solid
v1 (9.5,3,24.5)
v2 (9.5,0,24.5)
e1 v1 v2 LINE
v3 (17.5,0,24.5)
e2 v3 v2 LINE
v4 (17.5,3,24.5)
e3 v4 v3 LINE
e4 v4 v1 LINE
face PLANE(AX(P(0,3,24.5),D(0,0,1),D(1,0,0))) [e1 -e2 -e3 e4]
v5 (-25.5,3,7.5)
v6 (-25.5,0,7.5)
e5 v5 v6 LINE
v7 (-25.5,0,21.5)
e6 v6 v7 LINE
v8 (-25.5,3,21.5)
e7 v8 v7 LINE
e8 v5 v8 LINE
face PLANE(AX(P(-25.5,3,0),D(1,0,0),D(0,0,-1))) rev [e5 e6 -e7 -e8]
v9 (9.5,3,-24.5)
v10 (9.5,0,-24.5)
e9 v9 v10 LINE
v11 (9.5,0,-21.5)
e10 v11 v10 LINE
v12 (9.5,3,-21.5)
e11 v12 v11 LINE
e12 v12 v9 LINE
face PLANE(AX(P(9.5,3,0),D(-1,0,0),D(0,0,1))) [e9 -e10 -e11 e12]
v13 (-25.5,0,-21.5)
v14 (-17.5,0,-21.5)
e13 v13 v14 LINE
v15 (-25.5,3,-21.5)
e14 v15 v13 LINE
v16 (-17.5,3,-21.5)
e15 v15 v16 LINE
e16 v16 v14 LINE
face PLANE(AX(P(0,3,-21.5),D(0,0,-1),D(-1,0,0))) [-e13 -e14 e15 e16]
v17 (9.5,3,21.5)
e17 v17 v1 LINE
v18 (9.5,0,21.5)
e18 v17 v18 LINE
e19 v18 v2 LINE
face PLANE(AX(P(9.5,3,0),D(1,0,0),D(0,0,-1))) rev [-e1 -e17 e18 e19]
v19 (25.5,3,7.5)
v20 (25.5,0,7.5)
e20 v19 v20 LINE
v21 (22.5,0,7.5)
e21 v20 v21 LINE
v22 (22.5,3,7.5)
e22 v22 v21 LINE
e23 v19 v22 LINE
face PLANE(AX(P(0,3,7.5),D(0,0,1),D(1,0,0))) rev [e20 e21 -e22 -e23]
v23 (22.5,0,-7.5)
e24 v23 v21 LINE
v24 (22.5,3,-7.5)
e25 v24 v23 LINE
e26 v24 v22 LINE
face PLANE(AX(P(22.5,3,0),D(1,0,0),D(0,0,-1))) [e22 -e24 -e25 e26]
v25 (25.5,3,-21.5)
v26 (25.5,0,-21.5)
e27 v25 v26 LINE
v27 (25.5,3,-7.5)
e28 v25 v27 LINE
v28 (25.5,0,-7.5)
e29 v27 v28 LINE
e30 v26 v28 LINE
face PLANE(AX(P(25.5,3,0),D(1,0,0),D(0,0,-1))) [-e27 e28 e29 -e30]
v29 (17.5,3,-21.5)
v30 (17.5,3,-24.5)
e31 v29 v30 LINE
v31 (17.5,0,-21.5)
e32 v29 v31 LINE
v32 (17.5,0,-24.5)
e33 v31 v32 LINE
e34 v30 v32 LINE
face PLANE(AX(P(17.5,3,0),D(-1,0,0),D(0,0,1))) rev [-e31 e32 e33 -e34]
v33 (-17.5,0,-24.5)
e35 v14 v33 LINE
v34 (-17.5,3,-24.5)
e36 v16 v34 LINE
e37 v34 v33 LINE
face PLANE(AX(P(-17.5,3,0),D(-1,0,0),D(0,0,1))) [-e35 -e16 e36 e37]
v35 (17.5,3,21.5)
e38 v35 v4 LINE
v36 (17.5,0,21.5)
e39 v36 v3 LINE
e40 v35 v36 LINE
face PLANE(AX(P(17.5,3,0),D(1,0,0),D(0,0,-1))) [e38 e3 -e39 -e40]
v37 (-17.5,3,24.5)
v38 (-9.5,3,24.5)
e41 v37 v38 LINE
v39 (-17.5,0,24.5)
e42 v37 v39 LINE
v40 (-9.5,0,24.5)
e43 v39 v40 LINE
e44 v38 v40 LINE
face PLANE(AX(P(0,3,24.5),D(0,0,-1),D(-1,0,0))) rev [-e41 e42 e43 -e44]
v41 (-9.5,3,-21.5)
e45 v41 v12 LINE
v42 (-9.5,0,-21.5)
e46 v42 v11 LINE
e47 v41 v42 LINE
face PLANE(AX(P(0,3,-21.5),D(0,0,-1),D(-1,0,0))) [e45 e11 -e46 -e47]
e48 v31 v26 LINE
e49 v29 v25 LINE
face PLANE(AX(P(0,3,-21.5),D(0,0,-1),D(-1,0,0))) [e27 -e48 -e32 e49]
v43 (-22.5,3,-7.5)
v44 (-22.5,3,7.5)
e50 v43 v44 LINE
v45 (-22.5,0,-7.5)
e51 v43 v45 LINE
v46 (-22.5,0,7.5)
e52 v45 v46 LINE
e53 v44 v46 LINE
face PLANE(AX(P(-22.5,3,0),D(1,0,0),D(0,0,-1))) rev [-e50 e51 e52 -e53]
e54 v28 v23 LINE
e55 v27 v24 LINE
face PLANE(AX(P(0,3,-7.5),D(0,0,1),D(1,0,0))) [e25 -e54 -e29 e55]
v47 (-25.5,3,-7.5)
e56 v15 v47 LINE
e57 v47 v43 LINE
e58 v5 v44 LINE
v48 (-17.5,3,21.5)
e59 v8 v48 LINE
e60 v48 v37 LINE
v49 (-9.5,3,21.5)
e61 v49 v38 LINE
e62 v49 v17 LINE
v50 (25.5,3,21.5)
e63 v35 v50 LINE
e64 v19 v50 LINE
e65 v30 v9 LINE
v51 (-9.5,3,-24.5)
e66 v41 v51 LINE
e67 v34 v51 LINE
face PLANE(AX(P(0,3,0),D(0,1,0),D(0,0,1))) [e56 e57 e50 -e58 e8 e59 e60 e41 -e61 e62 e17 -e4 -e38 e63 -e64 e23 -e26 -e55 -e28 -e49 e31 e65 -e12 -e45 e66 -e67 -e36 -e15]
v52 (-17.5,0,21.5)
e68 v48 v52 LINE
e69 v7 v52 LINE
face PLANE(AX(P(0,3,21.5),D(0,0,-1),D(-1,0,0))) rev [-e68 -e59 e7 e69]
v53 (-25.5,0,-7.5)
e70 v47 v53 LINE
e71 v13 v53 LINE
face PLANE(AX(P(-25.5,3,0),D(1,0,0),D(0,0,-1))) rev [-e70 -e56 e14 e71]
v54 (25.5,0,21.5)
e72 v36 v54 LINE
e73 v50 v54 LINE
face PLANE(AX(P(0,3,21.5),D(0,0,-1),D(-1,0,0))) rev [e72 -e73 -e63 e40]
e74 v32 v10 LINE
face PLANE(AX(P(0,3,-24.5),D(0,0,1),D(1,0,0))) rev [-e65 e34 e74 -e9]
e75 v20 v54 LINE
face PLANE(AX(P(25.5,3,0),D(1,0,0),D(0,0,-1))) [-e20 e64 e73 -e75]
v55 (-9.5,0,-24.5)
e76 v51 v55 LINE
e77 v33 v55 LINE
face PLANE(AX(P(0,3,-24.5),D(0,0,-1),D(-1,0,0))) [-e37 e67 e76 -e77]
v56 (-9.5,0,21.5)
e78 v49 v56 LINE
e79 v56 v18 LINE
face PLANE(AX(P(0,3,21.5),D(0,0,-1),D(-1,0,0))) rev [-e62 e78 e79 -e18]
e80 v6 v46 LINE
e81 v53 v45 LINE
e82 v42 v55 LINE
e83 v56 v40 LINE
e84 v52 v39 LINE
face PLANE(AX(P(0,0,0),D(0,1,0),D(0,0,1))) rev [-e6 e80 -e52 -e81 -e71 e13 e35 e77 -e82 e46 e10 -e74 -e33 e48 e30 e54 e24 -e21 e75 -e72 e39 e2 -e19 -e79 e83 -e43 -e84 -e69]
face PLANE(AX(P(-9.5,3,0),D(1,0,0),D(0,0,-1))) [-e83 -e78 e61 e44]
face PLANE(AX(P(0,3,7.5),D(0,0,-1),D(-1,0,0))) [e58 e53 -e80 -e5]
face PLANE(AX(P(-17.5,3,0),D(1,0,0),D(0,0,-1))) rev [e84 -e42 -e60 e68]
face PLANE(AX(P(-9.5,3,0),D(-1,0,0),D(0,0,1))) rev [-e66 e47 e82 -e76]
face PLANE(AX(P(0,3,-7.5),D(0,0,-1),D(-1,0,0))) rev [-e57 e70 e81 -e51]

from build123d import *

# Parameters (mm, degrees)
SKETCH_1_W      = 8
SKETCH_1_H      = 3
EXTRUDE_1_DEPTH = 3


with BuildPart() as part:
    # 草图1 → 凸台-拉伸1 (new body)
    with BuildSketch(Plane(origin=(0, 0, 0), x_dir=(1, 0, 0), z_dir=(0, 1, 0))):
        Polygon((-17.5, 21.5), (-25.5, 21.5), (-25.5, 7.5), (-22.5, 7.5), (-22.5, -7.5), (-25.5, -7.5), (-25.5, -21.5), (-17.5, -21.5), (-9.5, -21.5), (9.5, -21.5), (17.5, -21.5), (25.5, -21.5), (25.5, -7.5), (22.5, -7.5), (22.5, 7.5), (25.5, 7.5), (25.5, 21.5), (17.5, 21.5), (9.5, 21.5), (-9.5, 21.5), align=None)
        with Locations((-13.5, 23)):
            Rectangle(SKETCH_1_W, SKETCH_1_H)
        with Locations((13.5, 23)):
            Rectangle(SKETCH_1_W, SKETCH_1_H)
        with Locations((13.5, -23)):
            Rectangle(SKETCH_1_W, SKETCH_1_H)
        with Locations((-13.5, -23)):
            Rectangle(SKETCH_1_W, SKETCH_1_H)
    extrude(amount=EXTRUDE_1_DEPTH)


solid = part.part
